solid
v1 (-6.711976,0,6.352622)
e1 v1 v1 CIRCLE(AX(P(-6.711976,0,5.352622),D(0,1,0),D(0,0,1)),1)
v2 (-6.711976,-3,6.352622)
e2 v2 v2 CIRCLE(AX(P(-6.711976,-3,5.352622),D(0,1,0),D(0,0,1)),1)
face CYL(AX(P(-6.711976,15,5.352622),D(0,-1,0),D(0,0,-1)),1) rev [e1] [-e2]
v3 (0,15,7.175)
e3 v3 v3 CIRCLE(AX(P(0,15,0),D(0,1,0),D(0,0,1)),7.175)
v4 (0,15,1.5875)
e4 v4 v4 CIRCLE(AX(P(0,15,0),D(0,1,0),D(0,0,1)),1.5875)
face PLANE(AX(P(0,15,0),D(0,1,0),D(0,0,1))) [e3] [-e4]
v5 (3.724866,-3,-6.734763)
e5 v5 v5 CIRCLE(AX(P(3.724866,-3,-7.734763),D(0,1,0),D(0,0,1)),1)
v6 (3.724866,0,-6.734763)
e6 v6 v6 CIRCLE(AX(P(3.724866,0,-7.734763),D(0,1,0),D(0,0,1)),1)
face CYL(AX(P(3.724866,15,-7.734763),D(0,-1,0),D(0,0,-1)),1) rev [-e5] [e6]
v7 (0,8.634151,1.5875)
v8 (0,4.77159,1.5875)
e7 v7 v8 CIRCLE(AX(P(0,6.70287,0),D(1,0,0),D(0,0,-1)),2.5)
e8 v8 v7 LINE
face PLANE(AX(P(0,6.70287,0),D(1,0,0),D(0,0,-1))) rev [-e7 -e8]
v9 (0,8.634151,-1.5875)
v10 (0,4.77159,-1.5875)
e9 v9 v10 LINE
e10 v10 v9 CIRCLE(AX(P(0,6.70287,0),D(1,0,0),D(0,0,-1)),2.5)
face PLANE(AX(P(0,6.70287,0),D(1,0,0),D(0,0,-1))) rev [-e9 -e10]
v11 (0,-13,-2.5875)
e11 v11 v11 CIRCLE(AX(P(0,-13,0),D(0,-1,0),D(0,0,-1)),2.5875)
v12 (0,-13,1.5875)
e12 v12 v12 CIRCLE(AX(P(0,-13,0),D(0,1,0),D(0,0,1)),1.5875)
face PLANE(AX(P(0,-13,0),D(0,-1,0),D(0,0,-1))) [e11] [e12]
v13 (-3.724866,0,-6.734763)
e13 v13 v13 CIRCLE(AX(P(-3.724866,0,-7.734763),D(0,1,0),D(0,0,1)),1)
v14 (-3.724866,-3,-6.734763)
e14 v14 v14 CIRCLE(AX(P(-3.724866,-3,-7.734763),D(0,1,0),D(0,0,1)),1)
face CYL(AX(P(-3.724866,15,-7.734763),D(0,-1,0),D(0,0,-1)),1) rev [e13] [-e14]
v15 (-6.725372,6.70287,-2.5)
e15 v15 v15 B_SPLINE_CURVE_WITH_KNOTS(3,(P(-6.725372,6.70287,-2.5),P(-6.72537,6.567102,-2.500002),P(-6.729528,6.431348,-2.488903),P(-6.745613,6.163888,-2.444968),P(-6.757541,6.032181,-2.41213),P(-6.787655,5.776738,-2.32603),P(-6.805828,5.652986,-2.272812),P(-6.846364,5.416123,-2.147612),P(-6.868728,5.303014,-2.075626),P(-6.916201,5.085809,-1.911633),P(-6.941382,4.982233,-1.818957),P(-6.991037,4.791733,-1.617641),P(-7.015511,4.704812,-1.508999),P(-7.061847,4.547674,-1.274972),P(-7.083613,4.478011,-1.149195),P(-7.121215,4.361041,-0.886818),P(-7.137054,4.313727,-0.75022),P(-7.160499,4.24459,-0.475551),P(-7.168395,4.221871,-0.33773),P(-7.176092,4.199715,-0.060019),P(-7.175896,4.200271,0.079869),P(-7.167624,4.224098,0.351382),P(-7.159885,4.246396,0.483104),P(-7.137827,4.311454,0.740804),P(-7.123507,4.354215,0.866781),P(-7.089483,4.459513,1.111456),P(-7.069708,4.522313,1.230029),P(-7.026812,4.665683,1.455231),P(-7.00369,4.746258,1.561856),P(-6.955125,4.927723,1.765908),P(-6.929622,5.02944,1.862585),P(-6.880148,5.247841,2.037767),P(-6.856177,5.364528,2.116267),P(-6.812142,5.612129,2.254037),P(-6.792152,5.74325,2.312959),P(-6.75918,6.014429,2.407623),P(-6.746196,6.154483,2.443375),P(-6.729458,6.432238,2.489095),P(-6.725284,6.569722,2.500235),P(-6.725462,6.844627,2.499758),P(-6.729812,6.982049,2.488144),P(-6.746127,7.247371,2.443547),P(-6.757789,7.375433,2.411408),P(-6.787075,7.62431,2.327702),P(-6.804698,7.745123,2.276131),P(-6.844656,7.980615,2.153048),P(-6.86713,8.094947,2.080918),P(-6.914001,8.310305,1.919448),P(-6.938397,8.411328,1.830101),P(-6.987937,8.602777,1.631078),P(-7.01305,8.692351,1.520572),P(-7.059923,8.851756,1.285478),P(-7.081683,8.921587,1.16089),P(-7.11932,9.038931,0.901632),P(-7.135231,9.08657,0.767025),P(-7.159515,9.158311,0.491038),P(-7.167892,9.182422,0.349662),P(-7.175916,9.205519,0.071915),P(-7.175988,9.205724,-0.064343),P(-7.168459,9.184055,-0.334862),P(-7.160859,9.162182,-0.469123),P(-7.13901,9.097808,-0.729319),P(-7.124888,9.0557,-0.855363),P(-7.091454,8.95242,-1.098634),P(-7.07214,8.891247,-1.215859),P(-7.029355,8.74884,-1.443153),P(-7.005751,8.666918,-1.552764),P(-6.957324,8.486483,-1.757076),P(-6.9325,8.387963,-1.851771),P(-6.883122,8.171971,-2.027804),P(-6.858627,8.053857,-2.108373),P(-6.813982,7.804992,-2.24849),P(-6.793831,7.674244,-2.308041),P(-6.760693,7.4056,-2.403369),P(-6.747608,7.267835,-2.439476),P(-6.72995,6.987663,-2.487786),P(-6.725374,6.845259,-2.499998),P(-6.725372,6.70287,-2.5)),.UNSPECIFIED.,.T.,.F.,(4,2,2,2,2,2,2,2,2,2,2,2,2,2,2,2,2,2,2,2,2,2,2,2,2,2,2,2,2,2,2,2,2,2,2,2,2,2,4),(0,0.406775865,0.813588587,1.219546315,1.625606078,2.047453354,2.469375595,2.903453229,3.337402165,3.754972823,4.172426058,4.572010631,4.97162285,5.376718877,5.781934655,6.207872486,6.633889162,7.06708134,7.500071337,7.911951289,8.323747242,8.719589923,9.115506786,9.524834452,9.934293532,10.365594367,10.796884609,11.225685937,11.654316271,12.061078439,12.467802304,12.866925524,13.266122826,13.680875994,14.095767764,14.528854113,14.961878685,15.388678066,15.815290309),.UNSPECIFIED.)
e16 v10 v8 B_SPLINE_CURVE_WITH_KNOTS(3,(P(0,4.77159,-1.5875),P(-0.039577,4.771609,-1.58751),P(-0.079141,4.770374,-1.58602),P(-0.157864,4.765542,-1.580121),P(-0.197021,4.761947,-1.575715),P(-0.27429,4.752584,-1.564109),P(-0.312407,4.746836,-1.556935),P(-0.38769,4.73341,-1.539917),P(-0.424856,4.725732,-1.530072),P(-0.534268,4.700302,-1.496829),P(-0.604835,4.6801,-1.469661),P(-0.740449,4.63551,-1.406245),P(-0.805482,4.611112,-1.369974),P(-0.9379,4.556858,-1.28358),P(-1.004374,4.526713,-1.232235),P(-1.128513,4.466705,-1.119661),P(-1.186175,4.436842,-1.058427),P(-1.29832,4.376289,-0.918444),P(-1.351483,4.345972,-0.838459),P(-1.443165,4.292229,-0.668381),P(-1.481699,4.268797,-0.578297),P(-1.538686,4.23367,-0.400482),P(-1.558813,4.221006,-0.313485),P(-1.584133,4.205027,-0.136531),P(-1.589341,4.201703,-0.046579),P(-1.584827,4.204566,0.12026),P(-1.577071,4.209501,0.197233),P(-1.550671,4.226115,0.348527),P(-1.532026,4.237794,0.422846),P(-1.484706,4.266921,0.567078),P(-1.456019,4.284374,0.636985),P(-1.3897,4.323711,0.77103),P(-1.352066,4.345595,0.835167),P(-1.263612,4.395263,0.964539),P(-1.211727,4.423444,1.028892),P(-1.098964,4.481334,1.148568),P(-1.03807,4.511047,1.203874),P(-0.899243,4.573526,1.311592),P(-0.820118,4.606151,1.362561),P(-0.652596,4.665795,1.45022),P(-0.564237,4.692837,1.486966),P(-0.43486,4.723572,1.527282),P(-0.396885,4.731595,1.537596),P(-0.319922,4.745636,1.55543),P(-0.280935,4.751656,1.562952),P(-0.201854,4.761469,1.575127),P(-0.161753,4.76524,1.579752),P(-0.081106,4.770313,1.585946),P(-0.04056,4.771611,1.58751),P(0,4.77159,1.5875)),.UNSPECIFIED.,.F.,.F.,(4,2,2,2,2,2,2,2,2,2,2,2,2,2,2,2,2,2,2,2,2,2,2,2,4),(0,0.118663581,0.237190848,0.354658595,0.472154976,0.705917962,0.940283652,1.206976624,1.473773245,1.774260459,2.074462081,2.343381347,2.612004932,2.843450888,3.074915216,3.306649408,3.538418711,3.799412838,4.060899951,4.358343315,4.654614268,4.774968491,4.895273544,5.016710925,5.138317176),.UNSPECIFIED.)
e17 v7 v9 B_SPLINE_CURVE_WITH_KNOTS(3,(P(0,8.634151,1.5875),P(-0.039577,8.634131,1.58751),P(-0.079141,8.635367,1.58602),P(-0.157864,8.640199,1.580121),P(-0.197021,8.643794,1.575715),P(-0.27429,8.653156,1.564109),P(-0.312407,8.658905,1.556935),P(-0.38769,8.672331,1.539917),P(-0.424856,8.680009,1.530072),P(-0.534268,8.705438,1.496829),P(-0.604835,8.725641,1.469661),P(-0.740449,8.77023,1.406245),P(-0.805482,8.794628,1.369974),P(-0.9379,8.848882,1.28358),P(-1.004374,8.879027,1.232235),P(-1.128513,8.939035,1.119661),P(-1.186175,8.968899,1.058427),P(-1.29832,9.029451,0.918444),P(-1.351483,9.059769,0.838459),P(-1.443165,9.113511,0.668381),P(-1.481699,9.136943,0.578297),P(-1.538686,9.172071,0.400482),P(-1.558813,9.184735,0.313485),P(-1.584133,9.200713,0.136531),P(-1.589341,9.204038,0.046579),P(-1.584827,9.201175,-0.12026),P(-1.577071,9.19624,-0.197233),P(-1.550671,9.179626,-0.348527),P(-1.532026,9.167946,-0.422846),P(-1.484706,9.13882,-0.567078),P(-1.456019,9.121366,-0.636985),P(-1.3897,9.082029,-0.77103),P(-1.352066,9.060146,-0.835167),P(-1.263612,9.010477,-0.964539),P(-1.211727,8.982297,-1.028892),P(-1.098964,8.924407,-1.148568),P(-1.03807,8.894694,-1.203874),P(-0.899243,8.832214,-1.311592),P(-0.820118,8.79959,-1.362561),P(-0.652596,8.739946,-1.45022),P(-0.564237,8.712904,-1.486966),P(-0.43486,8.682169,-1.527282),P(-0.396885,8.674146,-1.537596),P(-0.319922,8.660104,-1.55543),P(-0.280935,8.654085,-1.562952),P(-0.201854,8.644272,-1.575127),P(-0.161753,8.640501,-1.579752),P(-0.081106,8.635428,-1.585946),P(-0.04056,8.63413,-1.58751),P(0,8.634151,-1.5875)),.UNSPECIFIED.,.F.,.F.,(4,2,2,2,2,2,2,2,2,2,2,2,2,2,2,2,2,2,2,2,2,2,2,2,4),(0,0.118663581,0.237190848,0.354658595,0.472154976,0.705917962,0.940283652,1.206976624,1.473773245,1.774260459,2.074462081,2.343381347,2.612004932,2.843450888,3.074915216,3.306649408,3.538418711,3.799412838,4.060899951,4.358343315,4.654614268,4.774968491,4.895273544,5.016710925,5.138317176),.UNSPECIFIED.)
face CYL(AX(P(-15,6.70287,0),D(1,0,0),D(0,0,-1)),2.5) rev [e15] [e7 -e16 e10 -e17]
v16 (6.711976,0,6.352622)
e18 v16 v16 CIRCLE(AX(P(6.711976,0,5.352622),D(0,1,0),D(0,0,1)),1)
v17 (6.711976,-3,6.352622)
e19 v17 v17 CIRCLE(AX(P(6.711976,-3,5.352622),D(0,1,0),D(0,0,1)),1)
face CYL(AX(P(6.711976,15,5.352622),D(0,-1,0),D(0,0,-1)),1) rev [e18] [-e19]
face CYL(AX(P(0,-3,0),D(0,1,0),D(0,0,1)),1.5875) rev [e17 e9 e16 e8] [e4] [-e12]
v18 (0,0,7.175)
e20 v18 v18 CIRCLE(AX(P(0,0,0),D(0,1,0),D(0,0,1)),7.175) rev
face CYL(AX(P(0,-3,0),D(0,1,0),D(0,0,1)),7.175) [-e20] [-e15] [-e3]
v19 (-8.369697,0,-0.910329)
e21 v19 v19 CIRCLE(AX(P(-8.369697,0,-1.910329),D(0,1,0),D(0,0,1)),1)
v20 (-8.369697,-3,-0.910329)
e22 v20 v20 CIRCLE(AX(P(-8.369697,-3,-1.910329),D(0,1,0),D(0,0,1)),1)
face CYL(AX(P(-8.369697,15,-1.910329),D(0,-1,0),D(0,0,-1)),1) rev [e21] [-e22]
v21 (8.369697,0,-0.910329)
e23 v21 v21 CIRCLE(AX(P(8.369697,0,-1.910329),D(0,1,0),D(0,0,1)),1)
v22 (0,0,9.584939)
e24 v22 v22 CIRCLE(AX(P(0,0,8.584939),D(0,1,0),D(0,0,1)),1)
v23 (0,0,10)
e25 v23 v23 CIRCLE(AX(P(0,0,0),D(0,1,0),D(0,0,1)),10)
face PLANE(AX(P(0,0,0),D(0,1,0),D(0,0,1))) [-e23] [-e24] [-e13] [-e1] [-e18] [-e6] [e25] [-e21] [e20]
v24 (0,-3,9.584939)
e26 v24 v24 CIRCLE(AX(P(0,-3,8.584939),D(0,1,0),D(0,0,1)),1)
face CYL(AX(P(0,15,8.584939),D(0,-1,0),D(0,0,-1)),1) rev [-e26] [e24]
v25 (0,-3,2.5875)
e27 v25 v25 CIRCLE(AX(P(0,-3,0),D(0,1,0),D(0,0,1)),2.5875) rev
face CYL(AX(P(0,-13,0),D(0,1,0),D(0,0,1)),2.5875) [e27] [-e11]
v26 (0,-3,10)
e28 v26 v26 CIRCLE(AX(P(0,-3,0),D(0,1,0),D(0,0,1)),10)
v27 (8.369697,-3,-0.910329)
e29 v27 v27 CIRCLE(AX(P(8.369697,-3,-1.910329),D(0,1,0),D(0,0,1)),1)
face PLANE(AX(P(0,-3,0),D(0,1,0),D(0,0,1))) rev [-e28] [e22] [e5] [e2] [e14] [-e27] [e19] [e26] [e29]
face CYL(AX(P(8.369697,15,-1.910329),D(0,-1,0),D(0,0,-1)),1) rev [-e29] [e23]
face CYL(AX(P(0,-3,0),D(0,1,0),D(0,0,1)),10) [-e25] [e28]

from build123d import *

# Parameters (mm, degrees)
BOSS_EXTRUDE1_DEPTH      = 15
BOSS_EXTRUDE1_DEPTH_BACK = 3
SKETCH1_R                = 7.175
SKETCH1_R_2              = 1.5875
SKETCH1_3_R              = 10
SKETCH1_3_R_2            = 7.175
BOSS_EXTRUDE2_DEPTH      = 3
SKETCH2_R                = 2.5
CUT_EXTRUDE1_DEPTH       = 15
CUT_EXTRUDE2_DEPTH       = 23.891046363
CUT_EXTRUDE2_DEPTH_BACK  = 23.891046363
SKETCH3_R                = 1
SKETCH4_R                = 2.5875
BOSS_EXTRUDE4_DEPTH      = 10
CUT_EXTRUDE3_DEPTH       = 15
CUT_EXTRUDE3_DEPTH_BACK  = 13
SKETCH1_5_R              = 1.5875


with BuildPart() as part:
    # Sketch1 → Boss-Extrude1 (new, two sides: drawn at the far end of the back side and taken through both)
    with BuildSketch(Plane(origin=(0, 0, 0), x_dir=(1, 0, 0), z_dir=(0, 1, 0)).offset(-BOSS_EXTRUDE1_DEPTH_BACK)):
        Circle(SKETCH1_R)
        Circle(SKETCH1_R_2, mode=Mode.SUBTRACT)
    extrude(amount=BOSS_EXTRUDE1_DEPTH + BOSS_EXTRUDE1_DEPTH_BACK)

    # Sketch2 → Cut-Extrude1 (cut)
    with BuildSketch(Plane(origin=(0, 0, 0), x_dir=(0, 0, -1), z_dir=(1, 0, 0))):
        with Locations((0, 6.702870317)):
            Circle(SKETCH2_R)
    extrude(amount=-CUT_EXTRUDE1_DEPTH, mode=Mode.SUBTRACT)



with BuildPart() as body_2:
    # Sketch1<3> → Boss-Extrude2 (new body)
    with BuildSketch(Plane(origin=(0, 0, 0), x_dir=(1, 0, 0), z_dir=(0, 1, 0))):
        Circle(SKETCH1_3_R)
        Circle(SKETCH1_3_R_2, mode=Mode.SUBTRACT)
    extrude(amount=-BOSS_EXTRUDE2_DEPTH)

    # Sketch3 → Cut-Extrude2 (cut, two sides: drawn at the far end of the back side and taken through both)
    with BuildSketch(Plane.XZ.offset(3).offset(-CUT_EXTRUDE2_DEPTH_BACK)):
        with Locations((0, 8.584939215)):
            Circle(SKETCH3_R)
        with Locations((6.711975754, 5.35262205)):
            Circle(SKETCH3_R)
        with Locations((8.369696865, -1.910328692)):
            Circle(SKETCH3_R)
        with Locations((3.724865527, -7.734762966)):
            Circle(SKETCH3_R)
        with Locations((-3.724865527, -7.734762966)):
            Circle(SKETCH3_R)
        with Locations((-8.369696865, -1.910328692)):
            Circle(SKETCH3_R)
        with Locations((-6.711975754, 5.35262205)):
            Circle(SKETCH3_R)
    extrude(amount=CUT_EXTRUDE2_DEPTH + CUT_EXTRUDE2_DEPTH_BACK, mode=Mode.SUBTRACT)


with BuildPart() as part_1:
    add(part.part)

    add(body_2.part)  # Boss-Extrude4 merges body 2
    # Sketch4 → Boss-Extrude4 (add)
    with BuildSketch(Plane.XZ.offset(3)):
        Circle(SKETCH4_R)
    extrude(amount=BOSS_EXTRUDE4_DEPTH)

    # Sketch1<5> → Cut-Extrude3 (cut, two sides: drawn at the far end of the back side and taken through both)
    with BuildSketch(Plane(origin=(0, 0, 0), x_dir=(1, 0, 0), z_dir=(0, 1, 0)).offset(-CUT_EXTRUDE3_DEPTH_BACK)):
        Circle(SKETCH1_5_R)
    extrude(amount=CUT_EXTRUDE3_DEPTH + CUT_EXTRUDE3_DEPTH_BACK, mode=Mode.SUBTRACT)


solid = part_1.part
